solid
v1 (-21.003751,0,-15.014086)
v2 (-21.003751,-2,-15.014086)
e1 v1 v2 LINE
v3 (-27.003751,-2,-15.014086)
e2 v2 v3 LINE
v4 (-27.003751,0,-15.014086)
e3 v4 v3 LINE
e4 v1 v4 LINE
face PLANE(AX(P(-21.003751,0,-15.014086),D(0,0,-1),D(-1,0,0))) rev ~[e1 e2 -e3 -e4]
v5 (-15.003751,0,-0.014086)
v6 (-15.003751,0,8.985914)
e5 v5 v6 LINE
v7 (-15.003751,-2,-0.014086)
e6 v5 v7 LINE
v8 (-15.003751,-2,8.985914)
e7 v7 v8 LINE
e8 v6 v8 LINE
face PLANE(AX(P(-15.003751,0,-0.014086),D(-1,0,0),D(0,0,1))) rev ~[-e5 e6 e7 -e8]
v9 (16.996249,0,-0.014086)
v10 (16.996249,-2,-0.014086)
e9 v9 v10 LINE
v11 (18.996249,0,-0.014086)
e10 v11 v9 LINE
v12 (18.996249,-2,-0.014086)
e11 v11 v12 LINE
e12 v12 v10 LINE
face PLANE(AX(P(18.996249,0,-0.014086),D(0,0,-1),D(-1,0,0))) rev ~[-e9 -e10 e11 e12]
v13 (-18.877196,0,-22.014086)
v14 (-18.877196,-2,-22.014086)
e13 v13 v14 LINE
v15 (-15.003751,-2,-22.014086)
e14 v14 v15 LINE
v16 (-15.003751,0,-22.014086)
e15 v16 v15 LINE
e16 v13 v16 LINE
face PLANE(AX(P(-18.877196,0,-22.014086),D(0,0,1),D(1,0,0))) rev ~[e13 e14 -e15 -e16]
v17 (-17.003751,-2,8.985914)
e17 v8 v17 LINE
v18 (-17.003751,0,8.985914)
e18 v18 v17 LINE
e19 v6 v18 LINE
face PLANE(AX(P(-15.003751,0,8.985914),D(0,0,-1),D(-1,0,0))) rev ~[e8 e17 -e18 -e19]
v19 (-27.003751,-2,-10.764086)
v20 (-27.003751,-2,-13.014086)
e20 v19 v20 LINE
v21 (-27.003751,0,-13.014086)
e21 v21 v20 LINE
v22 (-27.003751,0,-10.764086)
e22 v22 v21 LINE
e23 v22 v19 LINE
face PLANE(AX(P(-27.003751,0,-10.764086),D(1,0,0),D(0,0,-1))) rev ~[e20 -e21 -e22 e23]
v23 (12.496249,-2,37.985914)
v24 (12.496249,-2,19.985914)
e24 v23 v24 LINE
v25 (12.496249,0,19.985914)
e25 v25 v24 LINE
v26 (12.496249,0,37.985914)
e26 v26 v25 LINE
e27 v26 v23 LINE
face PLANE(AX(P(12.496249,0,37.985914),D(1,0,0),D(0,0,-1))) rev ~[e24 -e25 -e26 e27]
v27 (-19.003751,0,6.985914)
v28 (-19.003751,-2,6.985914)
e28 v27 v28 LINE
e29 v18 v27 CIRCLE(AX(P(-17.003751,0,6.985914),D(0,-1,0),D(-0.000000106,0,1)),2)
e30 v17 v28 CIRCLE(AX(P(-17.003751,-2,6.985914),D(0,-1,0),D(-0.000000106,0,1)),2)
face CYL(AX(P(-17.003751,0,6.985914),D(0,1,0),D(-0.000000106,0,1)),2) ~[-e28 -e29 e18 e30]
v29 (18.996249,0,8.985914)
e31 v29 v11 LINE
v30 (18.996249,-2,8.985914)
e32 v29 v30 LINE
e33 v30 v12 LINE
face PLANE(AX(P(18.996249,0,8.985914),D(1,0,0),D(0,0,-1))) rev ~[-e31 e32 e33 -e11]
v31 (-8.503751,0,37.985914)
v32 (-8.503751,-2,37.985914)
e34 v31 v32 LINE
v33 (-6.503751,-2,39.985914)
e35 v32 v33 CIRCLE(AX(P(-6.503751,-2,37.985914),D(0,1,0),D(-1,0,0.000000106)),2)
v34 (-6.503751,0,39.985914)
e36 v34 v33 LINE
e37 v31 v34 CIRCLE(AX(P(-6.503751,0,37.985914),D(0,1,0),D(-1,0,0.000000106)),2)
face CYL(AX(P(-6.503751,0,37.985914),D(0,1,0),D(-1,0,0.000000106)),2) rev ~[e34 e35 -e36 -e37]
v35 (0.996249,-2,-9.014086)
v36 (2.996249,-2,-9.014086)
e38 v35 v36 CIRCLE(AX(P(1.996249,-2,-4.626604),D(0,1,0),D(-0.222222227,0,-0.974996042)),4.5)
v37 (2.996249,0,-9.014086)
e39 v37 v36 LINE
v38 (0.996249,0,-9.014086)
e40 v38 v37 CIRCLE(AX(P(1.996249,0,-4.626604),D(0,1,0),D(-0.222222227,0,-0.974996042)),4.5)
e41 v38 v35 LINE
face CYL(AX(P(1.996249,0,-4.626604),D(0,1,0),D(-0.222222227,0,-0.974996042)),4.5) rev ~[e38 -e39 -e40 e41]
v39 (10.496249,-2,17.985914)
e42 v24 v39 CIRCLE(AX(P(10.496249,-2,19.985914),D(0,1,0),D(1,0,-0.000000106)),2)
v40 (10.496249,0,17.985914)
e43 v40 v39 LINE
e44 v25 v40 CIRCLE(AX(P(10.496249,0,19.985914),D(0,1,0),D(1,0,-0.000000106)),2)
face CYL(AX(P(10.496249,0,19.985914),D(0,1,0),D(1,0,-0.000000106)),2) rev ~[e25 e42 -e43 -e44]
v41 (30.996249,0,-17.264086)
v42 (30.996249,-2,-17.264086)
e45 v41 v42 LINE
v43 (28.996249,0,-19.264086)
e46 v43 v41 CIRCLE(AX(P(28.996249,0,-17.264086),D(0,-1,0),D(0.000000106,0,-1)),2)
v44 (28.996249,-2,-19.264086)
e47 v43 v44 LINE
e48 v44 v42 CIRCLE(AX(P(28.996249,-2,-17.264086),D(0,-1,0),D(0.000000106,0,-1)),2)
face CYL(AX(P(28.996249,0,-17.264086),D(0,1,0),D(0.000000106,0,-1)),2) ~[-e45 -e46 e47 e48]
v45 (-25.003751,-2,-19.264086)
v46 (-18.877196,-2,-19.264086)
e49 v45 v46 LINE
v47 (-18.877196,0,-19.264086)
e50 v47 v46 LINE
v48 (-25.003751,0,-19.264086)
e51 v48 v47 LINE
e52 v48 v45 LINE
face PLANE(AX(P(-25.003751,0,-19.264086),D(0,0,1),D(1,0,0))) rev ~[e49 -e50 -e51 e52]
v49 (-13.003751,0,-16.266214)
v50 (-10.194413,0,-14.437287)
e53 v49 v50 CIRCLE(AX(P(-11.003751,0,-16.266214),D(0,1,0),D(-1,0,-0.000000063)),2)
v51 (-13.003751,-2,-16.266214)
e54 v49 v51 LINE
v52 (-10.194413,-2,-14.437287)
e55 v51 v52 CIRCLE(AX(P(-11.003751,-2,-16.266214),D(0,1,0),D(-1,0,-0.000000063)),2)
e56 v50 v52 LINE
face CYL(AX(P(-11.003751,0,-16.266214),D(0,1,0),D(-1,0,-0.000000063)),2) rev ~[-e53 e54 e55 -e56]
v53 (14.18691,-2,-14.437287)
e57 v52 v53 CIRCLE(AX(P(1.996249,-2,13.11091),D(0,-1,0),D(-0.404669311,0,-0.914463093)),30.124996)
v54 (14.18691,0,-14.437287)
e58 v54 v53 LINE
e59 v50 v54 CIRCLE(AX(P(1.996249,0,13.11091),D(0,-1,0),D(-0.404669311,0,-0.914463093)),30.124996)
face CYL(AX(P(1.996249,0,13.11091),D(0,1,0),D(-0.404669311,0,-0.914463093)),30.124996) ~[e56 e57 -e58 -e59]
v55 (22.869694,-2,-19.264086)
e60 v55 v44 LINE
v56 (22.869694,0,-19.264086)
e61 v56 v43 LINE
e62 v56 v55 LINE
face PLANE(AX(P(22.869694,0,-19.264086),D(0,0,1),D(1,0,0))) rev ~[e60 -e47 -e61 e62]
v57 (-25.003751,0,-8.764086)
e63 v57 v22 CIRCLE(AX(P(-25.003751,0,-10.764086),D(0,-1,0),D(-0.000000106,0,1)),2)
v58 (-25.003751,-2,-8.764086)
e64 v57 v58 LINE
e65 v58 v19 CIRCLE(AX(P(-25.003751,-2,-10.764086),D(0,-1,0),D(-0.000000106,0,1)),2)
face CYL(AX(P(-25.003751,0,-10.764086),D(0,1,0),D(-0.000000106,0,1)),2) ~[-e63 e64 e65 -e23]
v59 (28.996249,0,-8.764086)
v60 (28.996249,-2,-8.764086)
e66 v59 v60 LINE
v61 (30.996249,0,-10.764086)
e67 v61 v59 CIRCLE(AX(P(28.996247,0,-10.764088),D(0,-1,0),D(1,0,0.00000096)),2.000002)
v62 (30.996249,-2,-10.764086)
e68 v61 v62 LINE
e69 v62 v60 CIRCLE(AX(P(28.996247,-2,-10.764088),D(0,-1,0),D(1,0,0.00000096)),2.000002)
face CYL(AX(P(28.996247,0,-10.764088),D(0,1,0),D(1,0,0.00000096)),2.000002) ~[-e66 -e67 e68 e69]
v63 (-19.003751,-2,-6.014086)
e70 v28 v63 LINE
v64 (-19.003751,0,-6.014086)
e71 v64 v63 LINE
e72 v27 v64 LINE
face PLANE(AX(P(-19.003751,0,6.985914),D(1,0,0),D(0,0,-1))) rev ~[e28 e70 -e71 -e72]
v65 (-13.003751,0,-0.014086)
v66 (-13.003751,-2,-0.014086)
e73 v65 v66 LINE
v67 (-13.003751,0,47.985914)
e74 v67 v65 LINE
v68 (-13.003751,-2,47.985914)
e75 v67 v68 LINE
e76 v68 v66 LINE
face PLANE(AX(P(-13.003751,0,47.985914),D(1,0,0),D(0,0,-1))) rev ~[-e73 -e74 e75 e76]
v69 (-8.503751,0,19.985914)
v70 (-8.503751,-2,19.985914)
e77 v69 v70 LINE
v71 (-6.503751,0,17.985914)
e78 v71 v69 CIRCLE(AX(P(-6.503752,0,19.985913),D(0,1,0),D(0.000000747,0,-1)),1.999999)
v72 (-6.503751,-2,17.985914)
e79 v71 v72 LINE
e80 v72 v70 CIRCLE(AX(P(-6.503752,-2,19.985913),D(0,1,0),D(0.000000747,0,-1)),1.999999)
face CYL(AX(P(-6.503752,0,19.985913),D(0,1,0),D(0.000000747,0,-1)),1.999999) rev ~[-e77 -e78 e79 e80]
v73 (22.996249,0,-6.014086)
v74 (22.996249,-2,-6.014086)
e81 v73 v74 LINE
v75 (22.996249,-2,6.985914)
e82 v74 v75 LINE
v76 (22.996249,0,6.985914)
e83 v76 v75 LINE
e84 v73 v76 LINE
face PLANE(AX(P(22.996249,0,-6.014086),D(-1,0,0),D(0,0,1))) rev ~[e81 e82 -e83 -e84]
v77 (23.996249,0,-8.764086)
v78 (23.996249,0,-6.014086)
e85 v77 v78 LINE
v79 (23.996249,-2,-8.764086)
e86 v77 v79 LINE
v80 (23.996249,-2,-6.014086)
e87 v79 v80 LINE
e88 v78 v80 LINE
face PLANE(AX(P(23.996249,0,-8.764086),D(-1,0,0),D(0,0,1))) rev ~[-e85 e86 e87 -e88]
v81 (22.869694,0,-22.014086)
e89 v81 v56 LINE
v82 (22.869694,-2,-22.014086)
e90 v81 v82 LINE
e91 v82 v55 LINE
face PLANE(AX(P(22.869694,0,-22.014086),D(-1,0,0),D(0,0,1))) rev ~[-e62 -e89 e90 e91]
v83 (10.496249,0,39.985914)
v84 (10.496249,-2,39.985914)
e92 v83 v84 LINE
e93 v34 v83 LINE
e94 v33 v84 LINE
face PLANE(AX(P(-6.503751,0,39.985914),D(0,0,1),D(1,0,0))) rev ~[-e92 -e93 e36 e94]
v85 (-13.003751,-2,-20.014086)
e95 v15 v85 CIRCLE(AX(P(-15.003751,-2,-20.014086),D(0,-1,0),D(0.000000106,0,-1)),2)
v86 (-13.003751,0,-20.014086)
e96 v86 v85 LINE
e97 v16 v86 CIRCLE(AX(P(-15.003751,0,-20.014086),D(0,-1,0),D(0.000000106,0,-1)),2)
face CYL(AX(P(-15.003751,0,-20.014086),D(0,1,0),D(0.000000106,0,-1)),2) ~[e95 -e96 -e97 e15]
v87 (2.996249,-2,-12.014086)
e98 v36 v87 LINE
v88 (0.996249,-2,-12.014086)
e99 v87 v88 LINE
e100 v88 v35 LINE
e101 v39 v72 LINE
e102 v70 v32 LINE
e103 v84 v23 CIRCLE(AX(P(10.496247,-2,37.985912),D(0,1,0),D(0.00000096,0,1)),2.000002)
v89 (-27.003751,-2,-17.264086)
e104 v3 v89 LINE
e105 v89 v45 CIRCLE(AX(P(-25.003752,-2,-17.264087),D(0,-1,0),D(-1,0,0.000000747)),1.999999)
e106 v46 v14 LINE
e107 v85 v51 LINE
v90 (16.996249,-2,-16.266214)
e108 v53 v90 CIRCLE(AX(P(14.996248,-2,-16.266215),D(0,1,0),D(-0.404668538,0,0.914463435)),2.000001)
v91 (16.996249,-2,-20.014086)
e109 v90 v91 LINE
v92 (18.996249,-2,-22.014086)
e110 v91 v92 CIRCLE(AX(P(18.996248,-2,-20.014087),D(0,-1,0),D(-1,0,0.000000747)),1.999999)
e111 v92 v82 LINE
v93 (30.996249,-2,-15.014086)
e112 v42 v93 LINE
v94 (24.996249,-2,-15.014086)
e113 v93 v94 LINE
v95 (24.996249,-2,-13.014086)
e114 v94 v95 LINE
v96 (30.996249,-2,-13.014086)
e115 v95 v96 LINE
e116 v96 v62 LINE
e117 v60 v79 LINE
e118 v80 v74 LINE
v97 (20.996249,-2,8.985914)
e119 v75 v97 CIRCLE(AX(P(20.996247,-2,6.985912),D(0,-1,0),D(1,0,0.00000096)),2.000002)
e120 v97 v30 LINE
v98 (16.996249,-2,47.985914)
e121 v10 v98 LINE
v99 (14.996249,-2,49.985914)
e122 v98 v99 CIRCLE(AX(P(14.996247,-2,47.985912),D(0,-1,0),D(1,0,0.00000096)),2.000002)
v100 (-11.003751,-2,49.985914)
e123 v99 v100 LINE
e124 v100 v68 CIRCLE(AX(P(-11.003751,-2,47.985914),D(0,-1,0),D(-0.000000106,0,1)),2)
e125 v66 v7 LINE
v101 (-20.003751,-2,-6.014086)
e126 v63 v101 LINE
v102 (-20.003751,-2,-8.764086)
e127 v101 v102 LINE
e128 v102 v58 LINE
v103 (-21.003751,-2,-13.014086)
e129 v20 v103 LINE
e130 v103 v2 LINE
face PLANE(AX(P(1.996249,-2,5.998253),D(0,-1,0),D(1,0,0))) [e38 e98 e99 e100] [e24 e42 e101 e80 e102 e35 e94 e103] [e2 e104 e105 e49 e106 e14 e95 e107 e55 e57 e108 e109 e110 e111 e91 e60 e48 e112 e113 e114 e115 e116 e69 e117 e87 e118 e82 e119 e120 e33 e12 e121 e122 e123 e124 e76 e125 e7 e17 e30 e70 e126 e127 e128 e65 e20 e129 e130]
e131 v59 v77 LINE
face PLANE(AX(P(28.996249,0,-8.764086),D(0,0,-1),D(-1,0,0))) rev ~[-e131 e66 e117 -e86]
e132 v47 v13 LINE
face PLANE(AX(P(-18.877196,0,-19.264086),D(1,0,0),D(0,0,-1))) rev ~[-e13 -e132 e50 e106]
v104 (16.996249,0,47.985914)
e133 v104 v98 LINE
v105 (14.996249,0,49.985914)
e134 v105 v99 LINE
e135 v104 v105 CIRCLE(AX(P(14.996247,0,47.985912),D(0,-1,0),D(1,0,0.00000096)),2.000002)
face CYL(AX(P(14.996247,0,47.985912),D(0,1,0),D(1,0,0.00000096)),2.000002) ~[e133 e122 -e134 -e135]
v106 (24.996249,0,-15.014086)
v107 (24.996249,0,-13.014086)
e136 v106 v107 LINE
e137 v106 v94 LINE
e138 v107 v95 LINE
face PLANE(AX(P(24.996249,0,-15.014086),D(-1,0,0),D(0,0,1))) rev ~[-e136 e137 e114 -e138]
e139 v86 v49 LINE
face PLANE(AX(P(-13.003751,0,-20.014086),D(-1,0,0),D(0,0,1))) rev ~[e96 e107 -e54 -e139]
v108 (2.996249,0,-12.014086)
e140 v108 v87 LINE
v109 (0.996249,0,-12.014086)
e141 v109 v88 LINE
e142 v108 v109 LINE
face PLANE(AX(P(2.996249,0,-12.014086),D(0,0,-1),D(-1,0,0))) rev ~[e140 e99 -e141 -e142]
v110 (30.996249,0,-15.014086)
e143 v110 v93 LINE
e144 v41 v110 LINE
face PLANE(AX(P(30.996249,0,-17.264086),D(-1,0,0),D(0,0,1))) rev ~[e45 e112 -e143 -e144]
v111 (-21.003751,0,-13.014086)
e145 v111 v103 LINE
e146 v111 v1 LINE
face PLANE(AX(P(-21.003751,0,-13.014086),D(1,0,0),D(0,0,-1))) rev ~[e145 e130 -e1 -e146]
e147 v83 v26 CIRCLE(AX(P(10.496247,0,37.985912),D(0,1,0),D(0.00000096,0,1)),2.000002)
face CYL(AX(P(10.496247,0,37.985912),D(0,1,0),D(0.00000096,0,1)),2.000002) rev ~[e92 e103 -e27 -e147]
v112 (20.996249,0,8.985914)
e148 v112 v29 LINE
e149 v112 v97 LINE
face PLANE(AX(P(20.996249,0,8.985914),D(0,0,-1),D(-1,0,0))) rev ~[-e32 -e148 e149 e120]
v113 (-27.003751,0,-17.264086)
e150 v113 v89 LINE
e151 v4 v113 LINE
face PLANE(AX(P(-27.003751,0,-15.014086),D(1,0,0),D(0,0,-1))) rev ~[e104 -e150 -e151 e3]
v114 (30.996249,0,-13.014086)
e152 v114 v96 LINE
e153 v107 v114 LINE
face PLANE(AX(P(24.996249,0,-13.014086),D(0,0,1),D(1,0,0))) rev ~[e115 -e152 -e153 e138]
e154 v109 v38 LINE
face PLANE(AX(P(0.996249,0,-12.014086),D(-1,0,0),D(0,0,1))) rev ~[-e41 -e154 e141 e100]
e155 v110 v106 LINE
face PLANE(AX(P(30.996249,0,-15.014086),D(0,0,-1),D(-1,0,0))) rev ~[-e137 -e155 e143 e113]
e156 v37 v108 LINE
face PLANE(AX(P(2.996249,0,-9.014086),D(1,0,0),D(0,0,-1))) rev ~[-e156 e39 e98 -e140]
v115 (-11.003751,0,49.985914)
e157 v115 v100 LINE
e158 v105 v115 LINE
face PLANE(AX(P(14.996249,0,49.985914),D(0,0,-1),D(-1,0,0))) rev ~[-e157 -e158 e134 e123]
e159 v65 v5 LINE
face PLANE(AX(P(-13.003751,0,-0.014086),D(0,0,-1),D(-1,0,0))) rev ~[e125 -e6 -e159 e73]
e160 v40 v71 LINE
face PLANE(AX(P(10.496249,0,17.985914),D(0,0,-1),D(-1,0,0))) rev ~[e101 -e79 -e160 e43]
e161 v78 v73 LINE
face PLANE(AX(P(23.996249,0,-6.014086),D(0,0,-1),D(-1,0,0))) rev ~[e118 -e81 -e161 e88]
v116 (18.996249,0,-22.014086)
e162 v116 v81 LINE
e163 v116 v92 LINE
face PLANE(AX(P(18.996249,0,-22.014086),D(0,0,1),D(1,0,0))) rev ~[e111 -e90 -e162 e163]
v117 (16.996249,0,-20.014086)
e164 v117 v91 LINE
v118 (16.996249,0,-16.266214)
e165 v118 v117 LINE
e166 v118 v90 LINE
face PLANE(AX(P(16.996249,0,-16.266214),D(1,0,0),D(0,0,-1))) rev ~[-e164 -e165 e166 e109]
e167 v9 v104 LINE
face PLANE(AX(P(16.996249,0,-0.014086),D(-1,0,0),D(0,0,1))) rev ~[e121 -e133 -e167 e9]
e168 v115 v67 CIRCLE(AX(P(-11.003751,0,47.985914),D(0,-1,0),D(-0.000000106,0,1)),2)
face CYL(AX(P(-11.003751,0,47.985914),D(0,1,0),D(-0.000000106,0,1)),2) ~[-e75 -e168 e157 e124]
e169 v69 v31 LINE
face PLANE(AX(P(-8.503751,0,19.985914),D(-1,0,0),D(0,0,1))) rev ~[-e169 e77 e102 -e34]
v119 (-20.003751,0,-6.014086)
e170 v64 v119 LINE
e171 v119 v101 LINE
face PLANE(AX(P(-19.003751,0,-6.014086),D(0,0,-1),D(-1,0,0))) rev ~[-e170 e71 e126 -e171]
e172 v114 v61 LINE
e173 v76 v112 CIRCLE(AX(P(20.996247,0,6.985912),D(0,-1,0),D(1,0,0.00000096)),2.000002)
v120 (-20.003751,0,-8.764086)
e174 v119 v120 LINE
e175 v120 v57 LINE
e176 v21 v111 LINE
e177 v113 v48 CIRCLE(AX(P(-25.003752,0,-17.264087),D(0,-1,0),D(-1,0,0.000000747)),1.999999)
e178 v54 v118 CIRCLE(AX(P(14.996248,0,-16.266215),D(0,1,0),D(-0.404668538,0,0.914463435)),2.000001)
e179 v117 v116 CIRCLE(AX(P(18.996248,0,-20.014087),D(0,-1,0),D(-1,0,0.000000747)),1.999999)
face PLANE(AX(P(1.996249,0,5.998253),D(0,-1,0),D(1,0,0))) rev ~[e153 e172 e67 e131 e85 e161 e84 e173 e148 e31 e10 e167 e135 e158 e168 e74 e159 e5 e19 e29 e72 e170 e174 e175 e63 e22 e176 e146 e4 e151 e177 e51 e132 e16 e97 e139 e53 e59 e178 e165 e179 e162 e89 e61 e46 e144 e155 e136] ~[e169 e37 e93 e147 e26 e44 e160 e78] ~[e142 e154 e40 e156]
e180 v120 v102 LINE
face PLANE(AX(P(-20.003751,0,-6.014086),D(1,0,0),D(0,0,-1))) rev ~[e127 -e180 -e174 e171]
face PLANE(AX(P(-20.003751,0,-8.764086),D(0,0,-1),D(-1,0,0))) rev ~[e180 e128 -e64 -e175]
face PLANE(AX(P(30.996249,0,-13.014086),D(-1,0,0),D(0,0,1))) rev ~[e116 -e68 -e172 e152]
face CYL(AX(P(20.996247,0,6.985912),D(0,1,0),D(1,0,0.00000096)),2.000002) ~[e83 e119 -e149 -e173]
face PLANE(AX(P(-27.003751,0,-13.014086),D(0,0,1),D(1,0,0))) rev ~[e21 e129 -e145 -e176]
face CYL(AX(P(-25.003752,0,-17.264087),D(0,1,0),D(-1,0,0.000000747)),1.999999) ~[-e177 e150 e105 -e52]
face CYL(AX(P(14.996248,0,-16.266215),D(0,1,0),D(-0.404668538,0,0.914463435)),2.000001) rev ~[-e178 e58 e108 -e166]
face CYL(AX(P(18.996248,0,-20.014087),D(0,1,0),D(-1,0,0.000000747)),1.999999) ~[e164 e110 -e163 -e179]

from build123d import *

# Parameters (mm, degrees)
F1_DEPTH = 2


with BuildPart() as f1:
    # F0 (on Front) → F1 (new body)
    with BuildSketch(Plane.XZ):
        with BuildLine():
            Line((-13.003751, 47.985914), (-13.003751, 17.985914))
            Line((-13.003751, 17.985914), (-13.003751, -0.014086))
            Line((-13.003751, -0.014086), (-15.003751, -0.014086))
            Line((-15.003751, -0.014086), (-15.003751, 8.985914))
            Line((-15.003751, 8.985914), (-17.003751, 8.985914))
            ThreePointArc((-17.003751, 8.985914), (-18.417965, 8.400127), (-19.003751, 6.985914))
            Line((-19.003751, 6.985914), (-19.003751, -6.014086))
            Line((-19.003751, -6.014086), (-20.003751, -6.014086))
            Line((-20.003751, -6.014086), (-20.003751, -8.764086))
            Line((-20.003751, -8.764086), (-25.003751, -8.764086))
            ThreePointArc((-25.003751, -8.764086), (-26.417965, -9.349873), (-27.003751, -10.764086))
            Line((-27.003751, -10.764086), (-27.003751, -13.014086))
            Line((-27.003751, -13.014086), (-21.003751, -13.014086))
            Line((-21.003751, -13.014086), (-21.003751, -15.014086))
            Line((-21.003751, -15.014086), (-27.003751, -15.014086))
            Line((-27.003751, -15.014086), (-27.003751, -17.264086))
            ThreePointArc((-27.003751, -17.264086), (-26.417965, -18.6783), (-25.003751, -19.264086))
            Line((-25.003751, -19.264086), (-18.877196, -19.264086))
            Line((-18.877196, -19.264086), (-18.877196, -22.014086))
            Line((-18.877196, -22.014086), (-15.003751, -22.014086))
            ThreePointArc((-15.003751, -22.014086), (-13.589538, -21.4283), (-13.003751, -20.014086))
            Line((-13.003751, -20.014086), (-13.003751, -16.266214))
            ThreePointArc((-13.003751, -16.266214), (-12.094926, -14.590106), (-10.194413, -14.437287))
            ThreePointArc((-10.194413, -14.437287), (1.996249, -17.014086), (14.18691, -14.437287))
            ThreePointArc((14.18691, -14.437287), (16.087423, -14.590106), (16.996249, -16.266214))
            Line((16.996249, -16.266214), (16.996249, -20.014086))
            ThreePointArc((16.996249, -20.014086), (17.582035, -21.4283), (18.996249, -22.014086))
            Line((18.996249, -22.014086), (22.869694, -22.014086))
            Line((22.869694, -22.014086), (22.869694, -19.264086))
            Line((22.869694, -19.264086), (28.996249, -19.264086))
            ThreePointArc((28.996249, -19.264086), (30.410462, -18.6783), (30.996249, -17.264086))
            Line((30.996249, -17.264086), (30.996249, -15.014086))
            Line((30.996249, -15.014086), (24.996249, -15.014086))
            Line((24.996249, -15.014086), (24.996249, -13.014086))
            Line((24.996249, -13.014086), (30.996249, -13.014086))
            Line((30.996249, -13.014086), (30.996249, -10.764086))
            ThreePointArc((30.996249, -10.764086), (30.410462, -9.349873), (28.996249, -8.764086))
            Line((28.996249, -8.764086), (23.996249, -8.764086))
            Line((23.996249, -8.764086), (23.996249, -6.014086))
            Line((23.996249, -6.014086), (22.996249, -6.014086))
            Line((22.996249, -6.014086), (22.996249, 6.985914))
            ThreePointArc((22.996249, 6.985914), (22.410462, 8.400127), (20.996249, 8.985914))
            Line((20.996249, 8.985914), (18.996249, 8.985914))
            Line((18.996249, 8.985914), (18.996249, -0.014086))
            Line((18.996249, -0.014086), (16.996249, -0.014086))
            Line((16.996249, -0.014086), (16.996249, 17.985914))
            Line((16.996249, 17.985914), (16.996249, 47.985914))
            ThreePointArc((16.996249, 47.985914), (16.410462, 49.400127), (14.996249, 49.985914))
            Line((14.996249, 49.985914), (-11.003751, 49.985914))
            ThreePointArc((-11.003751, 49.985914), (-12.417965, 49.400127), (-13.003751, 47.985914))
        make_face()
        with BuildLine():
            Line((2.996249, -12.014086), (0.996249, -12.014086))
            Line((0.996249, -12.014086), (0.996249, -9.014086))
            ThreePointArc((0.996249, -9.014086), (1.996249, -0.126604), (2.996249, -9.014086))
            Line((2.996249, -9.014086), (2.996249, -12.014086))
        make_face(mode=Mode.SUBTRACT)
        with BuildLine():
            ThreePointArc((-8.503751, 37.985914), (-7.917965, 39.400127), (-6.503751, 39.985914))
            Line((-6.503751, 39.985914), (10.496249, 39.985914))
            ThreePointArc((10.496249, 39.985914), (11.910462, 39.400127), (12.496249, 37.985914))
            Line((12.496249, 37.985914), (12.496249, 19.985914))
            ThreePointArc((12.496249, 19.985914), (11.910462, 18.5717), (10.496249, 17.985914))
            Line((10.496249, 17.985914), (-6.503751, 17.985914))
            ThreePointArc((-6.503751, 17.985914), (-7.917965, 18.5717), (-8.503751, 19.985914))
            Line((-8.503751, 19.985914), (-8.503751, 37.985914))
        make_face(mode=Mode.SUBTRACT)
    extrude(amount=F1_DEPTH)


solid = f1.part
